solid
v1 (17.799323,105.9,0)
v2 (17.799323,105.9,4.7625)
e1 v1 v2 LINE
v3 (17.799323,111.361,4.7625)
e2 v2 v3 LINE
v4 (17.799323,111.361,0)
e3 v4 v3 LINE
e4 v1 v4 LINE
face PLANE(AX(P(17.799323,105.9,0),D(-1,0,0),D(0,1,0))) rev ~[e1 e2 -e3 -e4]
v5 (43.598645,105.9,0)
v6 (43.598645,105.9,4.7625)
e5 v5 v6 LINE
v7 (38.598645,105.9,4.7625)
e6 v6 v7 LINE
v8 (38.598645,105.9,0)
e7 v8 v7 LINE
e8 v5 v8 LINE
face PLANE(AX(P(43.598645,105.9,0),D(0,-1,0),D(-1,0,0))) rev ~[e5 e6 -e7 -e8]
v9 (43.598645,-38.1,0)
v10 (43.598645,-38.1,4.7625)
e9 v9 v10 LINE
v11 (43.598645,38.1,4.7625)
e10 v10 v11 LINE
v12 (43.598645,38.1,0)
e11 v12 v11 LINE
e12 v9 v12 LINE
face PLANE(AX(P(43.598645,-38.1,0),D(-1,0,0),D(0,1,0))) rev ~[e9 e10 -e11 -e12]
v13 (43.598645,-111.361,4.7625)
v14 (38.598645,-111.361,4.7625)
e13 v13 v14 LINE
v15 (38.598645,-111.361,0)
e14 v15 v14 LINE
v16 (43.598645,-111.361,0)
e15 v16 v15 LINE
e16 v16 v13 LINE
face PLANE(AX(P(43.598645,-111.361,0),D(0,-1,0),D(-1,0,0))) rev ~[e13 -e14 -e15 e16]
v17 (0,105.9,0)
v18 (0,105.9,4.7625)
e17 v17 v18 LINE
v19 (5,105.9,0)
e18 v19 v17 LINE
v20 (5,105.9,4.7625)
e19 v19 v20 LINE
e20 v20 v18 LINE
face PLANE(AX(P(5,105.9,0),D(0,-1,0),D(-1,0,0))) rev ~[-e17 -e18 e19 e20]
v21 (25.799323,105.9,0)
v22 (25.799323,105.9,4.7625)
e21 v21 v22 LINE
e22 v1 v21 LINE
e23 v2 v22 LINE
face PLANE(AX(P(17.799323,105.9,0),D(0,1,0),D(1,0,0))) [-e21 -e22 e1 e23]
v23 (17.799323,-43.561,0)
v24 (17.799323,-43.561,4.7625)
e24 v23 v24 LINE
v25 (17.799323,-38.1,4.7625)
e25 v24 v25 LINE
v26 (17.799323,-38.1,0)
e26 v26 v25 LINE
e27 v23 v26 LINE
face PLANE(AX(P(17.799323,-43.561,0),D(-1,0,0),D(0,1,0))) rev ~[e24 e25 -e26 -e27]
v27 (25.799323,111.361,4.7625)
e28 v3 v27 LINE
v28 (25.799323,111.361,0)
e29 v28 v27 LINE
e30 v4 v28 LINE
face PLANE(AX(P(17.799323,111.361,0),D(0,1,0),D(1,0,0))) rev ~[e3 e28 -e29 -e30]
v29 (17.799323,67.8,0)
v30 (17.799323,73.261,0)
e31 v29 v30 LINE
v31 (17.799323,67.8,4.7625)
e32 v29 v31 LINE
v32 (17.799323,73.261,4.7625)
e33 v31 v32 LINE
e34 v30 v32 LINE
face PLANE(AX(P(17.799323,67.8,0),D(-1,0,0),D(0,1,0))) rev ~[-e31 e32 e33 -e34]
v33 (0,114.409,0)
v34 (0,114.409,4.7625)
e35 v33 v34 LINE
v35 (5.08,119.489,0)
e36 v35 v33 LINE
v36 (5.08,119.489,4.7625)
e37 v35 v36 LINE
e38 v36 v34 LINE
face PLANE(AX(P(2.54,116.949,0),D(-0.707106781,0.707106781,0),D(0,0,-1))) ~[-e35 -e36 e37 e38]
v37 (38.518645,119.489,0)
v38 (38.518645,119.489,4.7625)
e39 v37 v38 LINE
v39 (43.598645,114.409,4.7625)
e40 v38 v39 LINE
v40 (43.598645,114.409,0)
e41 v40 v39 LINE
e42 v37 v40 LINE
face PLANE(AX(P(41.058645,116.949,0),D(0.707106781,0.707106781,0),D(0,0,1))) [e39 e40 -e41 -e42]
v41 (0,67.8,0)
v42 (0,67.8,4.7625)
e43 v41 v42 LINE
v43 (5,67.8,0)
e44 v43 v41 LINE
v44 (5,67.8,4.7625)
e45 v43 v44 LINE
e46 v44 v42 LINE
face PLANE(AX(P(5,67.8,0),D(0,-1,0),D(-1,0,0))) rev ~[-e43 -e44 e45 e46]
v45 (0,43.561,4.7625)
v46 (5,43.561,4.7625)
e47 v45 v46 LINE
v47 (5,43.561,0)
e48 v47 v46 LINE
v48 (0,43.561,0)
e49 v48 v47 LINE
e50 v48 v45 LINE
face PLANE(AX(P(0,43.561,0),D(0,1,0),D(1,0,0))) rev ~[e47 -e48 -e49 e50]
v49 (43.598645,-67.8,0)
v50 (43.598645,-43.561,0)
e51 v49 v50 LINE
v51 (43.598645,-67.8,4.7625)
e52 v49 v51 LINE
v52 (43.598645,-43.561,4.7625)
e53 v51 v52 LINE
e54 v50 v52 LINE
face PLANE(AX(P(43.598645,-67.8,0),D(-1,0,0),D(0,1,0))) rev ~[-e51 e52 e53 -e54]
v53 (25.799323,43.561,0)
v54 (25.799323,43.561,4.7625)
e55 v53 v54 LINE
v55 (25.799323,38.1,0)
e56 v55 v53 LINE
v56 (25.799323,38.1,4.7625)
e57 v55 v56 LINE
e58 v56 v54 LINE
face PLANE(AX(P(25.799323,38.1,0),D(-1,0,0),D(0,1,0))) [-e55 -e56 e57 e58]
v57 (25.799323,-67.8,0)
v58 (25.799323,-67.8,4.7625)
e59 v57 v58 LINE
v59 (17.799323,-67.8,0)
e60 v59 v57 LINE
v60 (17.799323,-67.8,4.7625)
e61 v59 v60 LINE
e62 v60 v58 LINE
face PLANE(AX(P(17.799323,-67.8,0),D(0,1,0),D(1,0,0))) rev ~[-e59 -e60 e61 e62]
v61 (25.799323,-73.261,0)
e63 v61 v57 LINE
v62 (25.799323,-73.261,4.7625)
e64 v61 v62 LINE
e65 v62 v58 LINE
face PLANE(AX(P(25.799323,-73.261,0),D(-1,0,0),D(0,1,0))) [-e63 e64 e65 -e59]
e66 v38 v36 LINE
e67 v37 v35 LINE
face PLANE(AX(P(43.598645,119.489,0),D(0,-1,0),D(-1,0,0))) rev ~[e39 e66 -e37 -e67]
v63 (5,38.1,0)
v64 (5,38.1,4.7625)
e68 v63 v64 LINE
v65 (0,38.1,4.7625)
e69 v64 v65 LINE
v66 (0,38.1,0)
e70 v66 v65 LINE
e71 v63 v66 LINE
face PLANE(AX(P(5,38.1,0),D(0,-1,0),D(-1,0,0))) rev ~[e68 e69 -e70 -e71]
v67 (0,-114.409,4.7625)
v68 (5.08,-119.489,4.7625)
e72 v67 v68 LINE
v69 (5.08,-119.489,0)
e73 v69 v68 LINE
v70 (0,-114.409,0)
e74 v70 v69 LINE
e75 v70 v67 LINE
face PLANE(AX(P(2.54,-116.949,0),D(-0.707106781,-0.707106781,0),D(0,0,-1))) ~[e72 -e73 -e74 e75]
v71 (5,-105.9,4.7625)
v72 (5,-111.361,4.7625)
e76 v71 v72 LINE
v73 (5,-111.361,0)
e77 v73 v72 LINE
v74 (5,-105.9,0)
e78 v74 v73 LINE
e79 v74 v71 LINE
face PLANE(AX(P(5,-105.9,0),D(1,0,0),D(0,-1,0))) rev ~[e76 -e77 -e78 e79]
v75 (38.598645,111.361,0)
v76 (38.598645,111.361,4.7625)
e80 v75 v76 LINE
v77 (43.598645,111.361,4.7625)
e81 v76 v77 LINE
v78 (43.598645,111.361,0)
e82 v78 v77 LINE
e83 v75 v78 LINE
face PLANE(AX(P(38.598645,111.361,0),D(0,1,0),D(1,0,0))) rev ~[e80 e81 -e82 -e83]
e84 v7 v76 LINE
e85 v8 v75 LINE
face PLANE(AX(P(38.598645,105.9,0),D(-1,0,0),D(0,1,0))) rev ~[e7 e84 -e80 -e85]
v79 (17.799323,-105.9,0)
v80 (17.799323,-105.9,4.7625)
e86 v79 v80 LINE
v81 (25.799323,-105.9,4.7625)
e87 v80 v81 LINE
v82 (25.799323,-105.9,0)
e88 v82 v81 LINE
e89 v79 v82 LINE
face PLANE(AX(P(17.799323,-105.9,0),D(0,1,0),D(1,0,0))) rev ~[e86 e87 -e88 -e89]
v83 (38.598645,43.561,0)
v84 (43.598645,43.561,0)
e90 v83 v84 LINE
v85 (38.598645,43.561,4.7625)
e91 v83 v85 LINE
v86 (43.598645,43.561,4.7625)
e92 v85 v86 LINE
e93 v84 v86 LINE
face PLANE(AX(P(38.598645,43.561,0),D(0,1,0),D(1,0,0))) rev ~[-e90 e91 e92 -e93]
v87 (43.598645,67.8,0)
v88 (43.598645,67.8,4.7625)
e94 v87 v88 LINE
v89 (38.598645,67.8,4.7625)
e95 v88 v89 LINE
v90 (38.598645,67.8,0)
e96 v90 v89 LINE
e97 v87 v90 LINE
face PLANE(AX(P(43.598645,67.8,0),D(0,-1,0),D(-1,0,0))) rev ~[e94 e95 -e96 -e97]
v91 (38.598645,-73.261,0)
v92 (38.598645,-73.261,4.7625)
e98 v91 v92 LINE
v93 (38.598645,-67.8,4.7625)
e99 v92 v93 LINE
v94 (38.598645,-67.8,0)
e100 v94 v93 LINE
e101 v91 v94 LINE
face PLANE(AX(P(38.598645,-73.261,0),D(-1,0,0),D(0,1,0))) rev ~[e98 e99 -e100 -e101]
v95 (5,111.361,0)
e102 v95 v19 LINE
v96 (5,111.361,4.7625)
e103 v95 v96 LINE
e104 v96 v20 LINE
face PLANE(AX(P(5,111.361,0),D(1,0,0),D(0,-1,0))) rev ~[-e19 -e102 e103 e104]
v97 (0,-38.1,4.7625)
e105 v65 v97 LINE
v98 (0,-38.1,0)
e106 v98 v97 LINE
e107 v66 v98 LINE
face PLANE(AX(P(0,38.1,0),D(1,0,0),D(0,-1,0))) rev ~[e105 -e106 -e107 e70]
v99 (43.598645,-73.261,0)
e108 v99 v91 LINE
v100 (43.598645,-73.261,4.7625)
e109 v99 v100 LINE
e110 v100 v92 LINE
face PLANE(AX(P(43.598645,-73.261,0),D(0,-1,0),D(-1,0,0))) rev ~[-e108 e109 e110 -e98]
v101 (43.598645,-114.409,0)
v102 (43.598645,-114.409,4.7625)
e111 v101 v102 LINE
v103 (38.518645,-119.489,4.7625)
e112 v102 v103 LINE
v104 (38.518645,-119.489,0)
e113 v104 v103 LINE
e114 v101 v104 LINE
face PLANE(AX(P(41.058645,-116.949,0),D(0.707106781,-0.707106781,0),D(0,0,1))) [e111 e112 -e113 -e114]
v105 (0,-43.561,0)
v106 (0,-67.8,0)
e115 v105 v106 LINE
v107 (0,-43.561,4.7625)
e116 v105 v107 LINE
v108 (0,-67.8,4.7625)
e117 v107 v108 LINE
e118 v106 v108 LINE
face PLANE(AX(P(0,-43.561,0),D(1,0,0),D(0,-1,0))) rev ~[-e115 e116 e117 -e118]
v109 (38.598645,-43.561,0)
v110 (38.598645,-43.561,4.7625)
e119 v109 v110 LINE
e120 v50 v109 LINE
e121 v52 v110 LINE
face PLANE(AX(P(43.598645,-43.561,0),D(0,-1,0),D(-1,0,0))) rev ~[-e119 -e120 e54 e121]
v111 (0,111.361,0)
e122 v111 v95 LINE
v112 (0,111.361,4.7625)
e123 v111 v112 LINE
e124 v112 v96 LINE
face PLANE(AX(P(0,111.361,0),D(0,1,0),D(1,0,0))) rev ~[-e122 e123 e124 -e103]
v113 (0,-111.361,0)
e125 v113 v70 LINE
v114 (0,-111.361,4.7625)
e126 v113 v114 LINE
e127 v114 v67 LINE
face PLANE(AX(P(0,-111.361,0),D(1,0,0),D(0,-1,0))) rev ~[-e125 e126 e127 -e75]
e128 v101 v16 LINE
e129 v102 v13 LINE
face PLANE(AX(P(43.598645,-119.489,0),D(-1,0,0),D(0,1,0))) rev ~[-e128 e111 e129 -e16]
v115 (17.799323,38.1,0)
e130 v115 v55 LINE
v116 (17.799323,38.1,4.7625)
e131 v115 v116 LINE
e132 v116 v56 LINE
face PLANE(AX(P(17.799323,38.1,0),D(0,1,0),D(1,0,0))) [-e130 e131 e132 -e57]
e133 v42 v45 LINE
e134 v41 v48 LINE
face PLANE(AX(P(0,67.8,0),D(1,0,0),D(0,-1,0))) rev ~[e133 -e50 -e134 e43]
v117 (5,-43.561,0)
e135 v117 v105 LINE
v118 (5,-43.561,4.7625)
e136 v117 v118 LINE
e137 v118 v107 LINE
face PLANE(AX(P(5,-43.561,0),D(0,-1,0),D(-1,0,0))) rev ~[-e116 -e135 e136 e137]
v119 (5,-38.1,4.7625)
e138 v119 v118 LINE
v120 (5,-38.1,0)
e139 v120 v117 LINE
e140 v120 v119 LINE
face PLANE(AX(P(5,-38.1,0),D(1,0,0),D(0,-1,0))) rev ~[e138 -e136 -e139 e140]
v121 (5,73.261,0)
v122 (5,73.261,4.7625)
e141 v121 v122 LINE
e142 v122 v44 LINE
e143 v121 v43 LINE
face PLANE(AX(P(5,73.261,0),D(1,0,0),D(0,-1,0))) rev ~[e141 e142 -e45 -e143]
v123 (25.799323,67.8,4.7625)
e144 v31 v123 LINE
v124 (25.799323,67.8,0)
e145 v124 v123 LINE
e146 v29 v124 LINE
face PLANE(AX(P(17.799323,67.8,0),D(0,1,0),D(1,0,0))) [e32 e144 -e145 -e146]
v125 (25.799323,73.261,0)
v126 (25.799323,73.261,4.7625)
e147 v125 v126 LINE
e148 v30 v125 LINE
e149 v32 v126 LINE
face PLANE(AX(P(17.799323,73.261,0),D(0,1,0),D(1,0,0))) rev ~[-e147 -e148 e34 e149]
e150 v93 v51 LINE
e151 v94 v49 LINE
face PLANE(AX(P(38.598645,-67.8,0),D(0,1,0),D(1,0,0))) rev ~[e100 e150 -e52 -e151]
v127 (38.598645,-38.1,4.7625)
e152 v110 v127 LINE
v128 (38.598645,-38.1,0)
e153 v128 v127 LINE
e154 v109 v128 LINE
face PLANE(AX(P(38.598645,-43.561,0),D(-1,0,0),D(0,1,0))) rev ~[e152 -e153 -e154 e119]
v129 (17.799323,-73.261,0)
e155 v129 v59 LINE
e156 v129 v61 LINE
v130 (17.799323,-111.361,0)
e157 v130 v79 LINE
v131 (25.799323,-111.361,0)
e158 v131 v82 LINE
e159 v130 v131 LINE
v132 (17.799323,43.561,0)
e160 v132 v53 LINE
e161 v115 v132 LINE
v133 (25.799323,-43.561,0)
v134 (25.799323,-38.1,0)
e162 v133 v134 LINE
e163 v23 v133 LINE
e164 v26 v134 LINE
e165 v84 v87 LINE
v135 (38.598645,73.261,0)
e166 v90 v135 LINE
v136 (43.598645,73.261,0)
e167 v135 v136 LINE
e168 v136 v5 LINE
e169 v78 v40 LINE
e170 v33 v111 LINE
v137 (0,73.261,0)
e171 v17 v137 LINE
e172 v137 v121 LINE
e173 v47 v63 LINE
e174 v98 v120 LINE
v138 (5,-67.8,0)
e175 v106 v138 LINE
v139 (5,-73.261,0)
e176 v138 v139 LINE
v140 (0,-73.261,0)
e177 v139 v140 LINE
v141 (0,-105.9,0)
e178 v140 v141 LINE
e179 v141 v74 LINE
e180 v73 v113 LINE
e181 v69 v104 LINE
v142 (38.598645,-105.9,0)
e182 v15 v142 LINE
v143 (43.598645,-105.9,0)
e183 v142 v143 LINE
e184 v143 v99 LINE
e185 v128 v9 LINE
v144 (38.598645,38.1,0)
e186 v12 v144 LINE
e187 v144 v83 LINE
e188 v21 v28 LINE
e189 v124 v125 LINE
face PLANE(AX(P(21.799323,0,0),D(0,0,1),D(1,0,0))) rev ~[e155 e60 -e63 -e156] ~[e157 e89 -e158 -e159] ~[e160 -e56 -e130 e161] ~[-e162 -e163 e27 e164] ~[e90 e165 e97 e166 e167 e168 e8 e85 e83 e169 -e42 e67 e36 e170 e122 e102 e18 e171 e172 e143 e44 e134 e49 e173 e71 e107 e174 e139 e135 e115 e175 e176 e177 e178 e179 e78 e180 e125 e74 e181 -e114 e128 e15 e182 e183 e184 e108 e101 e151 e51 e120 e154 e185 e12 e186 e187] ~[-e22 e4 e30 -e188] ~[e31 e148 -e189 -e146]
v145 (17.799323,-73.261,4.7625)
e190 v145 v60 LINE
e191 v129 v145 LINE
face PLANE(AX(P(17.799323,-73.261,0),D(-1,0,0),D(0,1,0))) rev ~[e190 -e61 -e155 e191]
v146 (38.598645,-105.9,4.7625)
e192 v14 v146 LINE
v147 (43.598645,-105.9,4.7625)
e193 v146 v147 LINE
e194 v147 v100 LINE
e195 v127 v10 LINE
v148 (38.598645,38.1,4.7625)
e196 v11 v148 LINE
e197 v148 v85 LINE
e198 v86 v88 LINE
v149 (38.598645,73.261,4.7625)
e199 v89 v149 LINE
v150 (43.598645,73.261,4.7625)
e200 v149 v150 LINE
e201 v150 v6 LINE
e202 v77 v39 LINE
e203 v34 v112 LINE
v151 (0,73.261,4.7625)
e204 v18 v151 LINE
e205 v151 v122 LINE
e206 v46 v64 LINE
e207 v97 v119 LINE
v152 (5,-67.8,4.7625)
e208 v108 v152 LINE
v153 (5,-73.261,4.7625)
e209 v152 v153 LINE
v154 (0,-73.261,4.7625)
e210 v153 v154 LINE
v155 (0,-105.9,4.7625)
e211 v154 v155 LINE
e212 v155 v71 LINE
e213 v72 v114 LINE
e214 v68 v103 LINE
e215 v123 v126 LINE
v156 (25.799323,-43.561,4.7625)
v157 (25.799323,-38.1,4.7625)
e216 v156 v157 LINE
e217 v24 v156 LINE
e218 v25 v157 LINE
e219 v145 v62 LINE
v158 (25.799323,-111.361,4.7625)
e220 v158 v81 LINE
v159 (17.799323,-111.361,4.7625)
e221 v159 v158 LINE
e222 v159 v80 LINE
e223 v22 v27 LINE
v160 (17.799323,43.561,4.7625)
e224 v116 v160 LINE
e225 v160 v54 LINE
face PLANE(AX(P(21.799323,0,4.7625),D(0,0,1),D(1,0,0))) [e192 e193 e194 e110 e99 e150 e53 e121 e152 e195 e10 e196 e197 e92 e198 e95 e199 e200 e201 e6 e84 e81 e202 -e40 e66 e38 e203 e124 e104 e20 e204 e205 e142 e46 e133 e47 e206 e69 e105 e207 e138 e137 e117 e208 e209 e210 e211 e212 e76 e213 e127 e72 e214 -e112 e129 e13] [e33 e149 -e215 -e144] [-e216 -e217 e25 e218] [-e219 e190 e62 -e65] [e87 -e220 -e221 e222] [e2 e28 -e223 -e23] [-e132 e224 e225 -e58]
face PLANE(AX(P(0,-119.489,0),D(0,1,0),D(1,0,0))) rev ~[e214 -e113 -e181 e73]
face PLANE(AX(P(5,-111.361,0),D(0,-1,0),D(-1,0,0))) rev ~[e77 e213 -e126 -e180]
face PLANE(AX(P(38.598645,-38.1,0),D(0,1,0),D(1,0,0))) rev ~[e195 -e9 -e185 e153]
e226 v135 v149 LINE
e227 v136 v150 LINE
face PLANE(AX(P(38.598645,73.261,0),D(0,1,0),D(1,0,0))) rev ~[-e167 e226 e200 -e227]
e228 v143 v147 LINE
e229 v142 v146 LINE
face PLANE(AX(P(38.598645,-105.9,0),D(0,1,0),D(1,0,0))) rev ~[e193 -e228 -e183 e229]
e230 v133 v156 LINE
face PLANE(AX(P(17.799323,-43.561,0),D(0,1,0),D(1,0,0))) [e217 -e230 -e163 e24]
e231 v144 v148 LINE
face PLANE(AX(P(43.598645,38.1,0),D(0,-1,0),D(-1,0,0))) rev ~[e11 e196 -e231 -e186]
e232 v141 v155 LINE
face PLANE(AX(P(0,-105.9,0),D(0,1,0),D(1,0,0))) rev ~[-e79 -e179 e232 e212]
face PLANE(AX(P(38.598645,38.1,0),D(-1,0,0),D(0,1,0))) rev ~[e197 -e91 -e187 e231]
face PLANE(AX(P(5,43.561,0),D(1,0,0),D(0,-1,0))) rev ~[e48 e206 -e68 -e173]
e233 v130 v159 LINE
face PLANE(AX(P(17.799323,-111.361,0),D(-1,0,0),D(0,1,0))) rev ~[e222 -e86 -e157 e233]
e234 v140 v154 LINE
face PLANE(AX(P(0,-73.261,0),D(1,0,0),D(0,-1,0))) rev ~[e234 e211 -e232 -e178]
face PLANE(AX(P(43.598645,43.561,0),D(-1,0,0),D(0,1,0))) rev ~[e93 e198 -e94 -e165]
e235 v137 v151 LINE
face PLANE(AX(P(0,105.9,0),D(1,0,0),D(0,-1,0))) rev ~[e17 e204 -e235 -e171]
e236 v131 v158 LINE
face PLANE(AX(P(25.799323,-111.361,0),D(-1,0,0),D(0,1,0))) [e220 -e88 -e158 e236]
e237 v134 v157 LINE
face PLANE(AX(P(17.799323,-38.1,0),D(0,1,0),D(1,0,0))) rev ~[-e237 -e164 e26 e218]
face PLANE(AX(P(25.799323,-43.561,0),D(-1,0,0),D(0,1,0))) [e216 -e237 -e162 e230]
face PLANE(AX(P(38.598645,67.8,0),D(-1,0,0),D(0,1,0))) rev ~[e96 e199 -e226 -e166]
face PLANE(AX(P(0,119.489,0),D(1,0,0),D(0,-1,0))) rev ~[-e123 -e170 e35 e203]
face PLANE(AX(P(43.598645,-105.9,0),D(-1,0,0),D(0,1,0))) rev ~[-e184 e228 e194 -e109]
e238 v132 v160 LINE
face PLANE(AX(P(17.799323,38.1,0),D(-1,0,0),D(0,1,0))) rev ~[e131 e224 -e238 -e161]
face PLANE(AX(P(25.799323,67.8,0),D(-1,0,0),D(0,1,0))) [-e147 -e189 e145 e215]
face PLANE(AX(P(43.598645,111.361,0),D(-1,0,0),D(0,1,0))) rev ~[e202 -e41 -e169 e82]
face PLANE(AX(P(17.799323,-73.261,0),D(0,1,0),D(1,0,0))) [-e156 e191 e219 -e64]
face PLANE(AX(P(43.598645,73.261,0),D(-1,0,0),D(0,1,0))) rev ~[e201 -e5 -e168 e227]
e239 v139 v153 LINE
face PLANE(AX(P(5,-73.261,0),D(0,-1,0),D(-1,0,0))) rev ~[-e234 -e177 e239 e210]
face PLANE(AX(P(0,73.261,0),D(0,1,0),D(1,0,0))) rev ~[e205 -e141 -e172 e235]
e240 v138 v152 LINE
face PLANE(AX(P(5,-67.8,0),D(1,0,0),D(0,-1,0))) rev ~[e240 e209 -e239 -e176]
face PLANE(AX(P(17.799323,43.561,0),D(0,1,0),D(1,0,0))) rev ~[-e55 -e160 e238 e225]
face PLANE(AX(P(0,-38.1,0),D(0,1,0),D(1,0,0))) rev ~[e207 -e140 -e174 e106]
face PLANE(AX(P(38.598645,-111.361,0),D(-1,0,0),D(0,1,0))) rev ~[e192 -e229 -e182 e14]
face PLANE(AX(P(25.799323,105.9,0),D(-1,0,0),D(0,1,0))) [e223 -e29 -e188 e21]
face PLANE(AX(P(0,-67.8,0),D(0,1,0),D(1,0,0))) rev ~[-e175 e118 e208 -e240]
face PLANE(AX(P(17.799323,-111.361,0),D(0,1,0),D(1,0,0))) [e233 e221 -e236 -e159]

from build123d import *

# Parameters (mm, degrees)
SKETCH1_W           = 8
SKETCH1_H           = 5.461
BOSS_EXTRUDE1_DEPTH = 4.7625
CHAMFER1_SIZE       = 5.08


with BuildPart() as part:
    # Sketch1 → Boss-Extrude1 (new body)
    with BuildSketch(Plane.XY):
        Polygon((43.598645263, 119.489), (0, 119.489), (0, 111.361), (5, 111.361), (5, 105.9), (0, 105.9), (0, 73.261), (5, 73.261), (5, 67.8), (0, 67.8), (0, 43.561), (5, 43.561), (5, 38.1), (0, 38.1), (0, -38.1), (5, -38.1), (5, -43.561), (0, -43.561), (0, -67.8), (5, -67.8), (5, -73.261), (0, -73.261), (0, -105.9), (5, -105.9), (5, -111.361), (0, -111.361), (0, -119.489), (43.598645263, -119.489), (43.598645263, -111.361), (38.598645263, -111.361), (38.598645263, -105.9), (43.598645263, -105.9), (43.598645263, -73.261), (38.598645263, -73.261), (38.598645263, -67.8), (43.598645263, -67.8), (43.598645263, -43.561), (38.598645263, -43.561), (38.598645263, -38.1), (43.598645263, -38.1), (43.598645263, 38.1), (38.598645263, 38.1), (38.598645263, 43.561), (43.598645263, 43.561), (43.598645263, 67.8), (38.598645263, 67.8), (38.598645263, 73.261), (43.598645263, 73.261), (43.598645263, 105.9), (38.598645263, 105.9), (38.598645263, 111.361), (43.598645263, 111.361), align=None)
        with Locations((21.799322631, 108.6305)):
            Rectangle(SKETCH1_W, SKETCH1_H, mode=Mode.SUBTRACT)
        with Locations((21.799322631, 70.5305)):
            Rectangle(SKETCH1_W, SKETCH1_H, mode=Mode.SUBTRACT)
        with Locations((21.799322631, 40.8305)):
            Rectangle(SKETCH1_W, SKETCH1_H, mode=Mode.SUBTRACT)
        with Locations((21.799322631, -40.8305)):
            Rectangle(SKETCH1_W, SKETCH1_H, mode=Mode.SUBTRACT)
        with Locations((21.799322631, -70.5305)):
            Rectangle(SKETCH1_W, SKETCH1_H, mode=Mode.SUBTRACT)
        with Locations((21.799322631, -108.6305)):
            Rectangle(SKETCH1_W, SKETCH1_H, mode=Mode.SUBTRACT)
    extrude(amount=BOSS_EXTRUDE1_DEPTH)

    # Chamfer1
    chamfer1_edges = [part.edges().sort_by_distance(p)[0] for p in [
        (43.598645263, -119.489, 2.38125),
        (0, -119.489, 2.38125),
        (0, 119.489, 2.38125),
        (43.598645263, 119.489, 2.38125),
    ]]
    chamfer(chamfer1_edges, length=CHAMFER1_SIZE)


solid = part.part
